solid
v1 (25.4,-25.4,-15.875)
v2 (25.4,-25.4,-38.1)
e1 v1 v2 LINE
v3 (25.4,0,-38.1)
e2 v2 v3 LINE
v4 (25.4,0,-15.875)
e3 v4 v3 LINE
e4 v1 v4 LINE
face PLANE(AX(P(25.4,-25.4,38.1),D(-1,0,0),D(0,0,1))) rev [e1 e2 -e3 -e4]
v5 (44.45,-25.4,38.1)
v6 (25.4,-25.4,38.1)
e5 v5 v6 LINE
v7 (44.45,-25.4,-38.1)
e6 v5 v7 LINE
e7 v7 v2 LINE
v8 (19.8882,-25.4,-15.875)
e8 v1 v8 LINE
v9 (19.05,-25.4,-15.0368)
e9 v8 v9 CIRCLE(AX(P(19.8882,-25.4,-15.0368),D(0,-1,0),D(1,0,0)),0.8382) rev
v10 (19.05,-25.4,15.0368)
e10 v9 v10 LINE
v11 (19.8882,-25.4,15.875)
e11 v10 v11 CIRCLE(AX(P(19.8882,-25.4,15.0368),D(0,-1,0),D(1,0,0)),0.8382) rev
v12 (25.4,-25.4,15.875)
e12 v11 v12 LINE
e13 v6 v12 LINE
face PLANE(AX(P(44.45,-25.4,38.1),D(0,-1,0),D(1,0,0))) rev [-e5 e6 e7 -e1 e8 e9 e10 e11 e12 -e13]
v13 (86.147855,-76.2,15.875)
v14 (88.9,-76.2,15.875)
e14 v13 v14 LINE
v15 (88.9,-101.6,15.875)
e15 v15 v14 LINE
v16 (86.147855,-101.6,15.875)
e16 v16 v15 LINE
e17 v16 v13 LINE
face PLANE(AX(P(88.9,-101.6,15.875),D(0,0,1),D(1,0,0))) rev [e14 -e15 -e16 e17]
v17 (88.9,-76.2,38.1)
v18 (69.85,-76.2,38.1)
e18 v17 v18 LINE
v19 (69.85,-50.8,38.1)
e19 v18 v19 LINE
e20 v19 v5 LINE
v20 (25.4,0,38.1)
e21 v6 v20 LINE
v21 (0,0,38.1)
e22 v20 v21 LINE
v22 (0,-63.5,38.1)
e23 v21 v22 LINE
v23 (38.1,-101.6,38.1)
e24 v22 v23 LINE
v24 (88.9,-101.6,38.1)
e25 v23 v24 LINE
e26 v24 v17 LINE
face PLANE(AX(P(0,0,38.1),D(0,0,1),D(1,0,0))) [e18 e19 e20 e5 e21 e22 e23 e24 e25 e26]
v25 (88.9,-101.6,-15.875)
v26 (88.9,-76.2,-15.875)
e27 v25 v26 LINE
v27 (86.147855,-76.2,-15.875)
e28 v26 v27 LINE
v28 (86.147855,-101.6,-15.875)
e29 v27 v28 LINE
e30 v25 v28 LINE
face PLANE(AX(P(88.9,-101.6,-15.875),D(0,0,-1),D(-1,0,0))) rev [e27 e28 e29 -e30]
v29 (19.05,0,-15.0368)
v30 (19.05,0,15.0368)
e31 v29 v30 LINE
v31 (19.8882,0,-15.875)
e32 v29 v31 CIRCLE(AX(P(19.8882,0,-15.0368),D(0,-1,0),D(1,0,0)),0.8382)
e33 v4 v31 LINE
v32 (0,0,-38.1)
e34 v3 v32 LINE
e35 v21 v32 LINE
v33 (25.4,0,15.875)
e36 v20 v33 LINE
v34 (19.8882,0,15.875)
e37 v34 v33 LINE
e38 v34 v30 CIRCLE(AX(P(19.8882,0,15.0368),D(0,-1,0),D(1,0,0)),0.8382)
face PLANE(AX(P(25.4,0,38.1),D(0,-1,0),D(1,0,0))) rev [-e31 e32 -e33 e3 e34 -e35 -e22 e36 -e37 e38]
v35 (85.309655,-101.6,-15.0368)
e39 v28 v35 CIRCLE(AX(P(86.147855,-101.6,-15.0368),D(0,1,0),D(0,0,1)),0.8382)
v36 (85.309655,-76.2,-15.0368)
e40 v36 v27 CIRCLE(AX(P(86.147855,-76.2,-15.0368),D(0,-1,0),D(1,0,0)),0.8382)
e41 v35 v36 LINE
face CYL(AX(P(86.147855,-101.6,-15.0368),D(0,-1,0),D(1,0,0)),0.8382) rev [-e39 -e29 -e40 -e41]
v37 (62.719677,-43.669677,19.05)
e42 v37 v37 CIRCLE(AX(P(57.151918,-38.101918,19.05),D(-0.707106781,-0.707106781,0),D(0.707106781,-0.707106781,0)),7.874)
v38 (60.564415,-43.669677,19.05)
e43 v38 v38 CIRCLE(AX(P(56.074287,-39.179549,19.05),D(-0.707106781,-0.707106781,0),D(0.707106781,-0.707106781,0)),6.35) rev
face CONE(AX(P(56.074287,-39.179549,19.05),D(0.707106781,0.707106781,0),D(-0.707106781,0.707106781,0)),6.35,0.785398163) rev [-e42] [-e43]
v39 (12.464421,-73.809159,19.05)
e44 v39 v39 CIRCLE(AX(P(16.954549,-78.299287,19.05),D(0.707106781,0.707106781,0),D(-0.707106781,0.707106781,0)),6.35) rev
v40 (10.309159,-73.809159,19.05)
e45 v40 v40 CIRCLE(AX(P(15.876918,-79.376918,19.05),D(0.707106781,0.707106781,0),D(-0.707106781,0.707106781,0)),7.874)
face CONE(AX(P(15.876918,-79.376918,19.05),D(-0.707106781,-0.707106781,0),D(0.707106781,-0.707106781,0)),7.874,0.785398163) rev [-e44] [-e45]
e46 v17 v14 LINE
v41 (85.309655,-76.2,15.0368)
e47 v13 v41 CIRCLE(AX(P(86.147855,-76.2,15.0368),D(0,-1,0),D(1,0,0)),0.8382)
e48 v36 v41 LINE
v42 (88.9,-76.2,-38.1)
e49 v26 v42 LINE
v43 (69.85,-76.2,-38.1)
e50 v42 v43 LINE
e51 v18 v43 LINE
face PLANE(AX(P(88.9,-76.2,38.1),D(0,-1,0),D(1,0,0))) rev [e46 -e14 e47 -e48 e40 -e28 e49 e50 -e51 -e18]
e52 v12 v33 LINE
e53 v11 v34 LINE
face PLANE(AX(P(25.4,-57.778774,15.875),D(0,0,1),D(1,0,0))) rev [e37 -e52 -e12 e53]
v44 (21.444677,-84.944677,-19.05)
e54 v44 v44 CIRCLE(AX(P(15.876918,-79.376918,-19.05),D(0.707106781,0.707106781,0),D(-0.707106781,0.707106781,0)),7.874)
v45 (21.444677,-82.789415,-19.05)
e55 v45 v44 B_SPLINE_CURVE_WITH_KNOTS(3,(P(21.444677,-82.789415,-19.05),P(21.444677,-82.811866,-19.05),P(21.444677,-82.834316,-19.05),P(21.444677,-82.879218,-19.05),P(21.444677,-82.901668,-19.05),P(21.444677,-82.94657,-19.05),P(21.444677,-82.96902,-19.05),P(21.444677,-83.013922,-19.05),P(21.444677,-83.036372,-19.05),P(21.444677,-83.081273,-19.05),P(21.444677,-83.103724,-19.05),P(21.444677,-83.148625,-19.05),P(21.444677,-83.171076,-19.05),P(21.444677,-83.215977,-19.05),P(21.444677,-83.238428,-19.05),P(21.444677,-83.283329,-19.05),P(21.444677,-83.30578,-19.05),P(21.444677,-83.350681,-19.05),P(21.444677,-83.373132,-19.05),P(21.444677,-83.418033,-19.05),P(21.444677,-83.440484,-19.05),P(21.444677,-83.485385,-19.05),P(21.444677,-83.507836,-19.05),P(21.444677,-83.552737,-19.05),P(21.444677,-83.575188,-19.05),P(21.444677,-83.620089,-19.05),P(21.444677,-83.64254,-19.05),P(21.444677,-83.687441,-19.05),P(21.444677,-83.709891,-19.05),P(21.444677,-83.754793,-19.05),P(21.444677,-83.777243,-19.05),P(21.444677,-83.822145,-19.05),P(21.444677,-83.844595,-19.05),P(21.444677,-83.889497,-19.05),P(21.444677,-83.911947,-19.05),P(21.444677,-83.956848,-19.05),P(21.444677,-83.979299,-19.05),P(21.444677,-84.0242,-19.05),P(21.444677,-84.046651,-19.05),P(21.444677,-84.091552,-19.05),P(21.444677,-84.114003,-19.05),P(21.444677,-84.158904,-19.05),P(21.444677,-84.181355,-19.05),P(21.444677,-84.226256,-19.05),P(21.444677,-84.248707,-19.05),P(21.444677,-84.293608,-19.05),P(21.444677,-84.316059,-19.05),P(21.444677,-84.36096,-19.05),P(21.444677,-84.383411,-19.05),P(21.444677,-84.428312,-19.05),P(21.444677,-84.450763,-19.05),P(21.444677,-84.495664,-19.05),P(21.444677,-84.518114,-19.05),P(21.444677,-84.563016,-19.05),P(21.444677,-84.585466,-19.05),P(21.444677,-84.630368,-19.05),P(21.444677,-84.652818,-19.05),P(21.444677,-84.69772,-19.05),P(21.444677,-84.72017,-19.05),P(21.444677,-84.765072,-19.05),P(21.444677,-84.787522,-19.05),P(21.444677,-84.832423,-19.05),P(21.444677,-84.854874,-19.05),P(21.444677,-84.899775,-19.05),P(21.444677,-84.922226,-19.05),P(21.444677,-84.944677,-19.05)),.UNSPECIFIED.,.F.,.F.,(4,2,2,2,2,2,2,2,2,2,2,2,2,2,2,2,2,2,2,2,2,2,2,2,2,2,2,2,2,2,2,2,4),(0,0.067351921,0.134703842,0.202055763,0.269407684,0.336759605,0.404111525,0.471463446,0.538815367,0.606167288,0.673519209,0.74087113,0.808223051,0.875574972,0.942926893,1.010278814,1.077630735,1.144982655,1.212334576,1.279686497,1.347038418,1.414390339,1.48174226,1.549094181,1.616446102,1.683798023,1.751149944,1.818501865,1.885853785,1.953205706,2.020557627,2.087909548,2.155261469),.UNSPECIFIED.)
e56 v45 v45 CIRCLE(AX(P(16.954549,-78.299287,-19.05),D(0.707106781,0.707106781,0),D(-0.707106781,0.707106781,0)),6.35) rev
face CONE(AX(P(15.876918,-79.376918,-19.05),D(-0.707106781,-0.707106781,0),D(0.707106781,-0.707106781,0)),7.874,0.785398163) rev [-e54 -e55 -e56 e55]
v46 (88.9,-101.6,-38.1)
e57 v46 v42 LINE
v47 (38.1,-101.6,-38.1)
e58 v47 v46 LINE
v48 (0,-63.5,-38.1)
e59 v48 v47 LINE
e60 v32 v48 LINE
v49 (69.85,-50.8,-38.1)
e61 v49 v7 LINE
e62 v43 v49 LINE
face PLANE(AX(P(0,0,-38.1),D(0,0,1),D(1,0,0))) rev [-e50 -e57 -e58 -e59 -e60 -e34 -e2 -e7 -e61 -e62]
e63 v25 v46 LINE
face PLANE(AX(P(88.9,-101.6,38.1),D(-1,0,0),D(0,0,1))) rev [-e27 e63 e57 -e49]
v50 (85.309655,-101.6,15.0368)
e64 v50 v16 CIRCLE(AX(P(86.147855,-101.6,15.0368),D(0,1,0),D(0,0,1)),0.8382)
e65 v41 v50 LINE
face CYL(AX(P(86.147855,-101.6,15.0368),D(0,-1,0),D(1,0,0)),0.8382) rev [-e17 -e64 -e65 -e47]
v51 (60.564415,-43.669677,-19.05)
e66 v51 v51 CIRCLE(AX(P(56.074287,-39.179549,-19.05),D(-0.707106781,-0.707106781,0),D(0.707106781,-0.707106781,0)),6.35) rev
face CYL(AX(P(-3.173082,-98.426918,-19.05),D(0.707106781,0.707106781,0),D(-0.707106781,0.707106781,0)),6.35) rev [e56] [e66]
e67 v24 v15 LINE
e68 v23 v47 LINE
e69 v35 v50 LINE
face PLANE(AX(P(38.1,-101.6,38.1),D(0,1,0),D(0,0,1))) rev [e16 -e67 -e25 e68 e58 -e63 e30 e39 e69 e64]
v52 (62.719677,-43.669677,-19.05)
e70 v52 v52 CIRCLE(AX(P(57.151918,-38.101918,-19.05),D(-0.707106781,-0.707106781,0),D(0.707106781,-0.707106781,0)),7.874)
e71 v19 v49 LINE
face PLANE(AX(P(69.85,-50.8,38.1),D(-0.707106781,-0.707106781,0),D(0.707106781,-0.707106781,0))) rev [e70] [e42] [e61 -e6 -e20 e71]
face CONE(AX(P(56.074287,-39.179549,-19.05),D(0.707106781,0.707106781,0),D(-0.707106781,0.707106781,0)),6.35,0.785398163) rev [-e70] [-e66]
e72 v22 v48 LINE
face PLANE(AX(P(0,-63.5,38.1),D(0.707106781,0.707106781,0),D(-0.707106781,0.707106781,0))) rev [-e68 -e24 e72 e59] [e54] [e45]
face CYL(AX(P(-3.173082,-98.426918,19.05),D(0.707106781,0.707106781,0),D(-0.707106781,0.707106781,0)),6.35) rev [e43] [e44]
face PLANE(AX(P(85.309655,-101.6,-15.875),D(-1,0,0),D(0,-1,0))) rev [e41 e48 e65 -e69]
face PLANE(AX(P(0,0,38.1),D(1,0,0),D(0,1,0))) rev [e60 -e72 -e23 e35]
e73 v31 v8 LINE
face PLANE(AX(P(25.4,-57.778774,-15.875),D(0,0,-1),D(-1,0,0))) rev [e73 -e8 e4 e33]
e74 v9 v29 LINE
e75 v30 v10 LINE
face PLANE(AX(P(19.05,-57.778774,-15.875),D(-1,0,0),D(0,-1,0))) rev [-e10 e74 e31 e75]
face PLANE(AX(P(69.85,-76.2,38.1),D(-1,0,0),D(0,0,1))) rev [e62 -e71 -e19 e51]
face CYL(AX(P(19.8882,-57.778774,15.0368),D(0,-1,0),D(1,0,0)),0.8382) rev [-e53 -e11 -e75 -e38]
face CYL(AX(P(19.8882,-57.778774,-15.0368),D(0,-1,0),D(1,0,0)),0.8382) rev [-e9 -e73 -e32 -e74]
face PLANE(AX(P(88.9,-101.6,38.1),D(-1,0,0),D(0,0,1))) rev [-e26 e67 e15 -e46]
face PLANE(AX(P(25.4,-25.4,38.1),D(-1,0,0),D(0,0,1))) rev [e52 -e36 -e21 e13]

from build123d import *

# Parameters (mm, degrees)
BOSS_EXTRUDE1_DEPTH = 38.1
SKETCH2_R           = 6.35
CUT_EXTRUDE1_DEPTH  = 142.777171117
CHAMFER1_SIZE       = 1.524
SKETCH3_W           = 6.35
SKETCH3_H           = 31.75
CUT_EXTRUDE2_DEPTH  = 25.4
SKETCH4_W           = 3.590345221
SKETCH4_H           = 31.75
CUT_EXTRUDE3_DEPTH  = 124.131068378
FILLET1_R           = 0.8382


with BuildPart() as part:
    # Sketch1 → Boss-Extrude1 (new, symmetric)
    with BuildSketch(Plane.XY):
        Polygon((0, 0), (0, -63.5), (38.1, -101.6), (88.9, -101.6), (88.9, -76.2), (69.85, -76.2), (69.85, -50.8), (44.45, -25.4), (25.4, -25.4), (25.4, 0), align=None)
    extrude(amount=BOSS_EXTRUDE1_DEPTH, both=True)

    # Sketch2 → Cut-Extrude1 (cut, through all)
    with BuildSketch(Plane(origin=(9.525, 9.525, 0), x_dir=(0, 0, -1), z_dir=(0.7071067811865488, 0.7071067811865464, 0))):
        with Locations(Location((-19.05, -67.35463315, 0), (0, 0, 90))):
            Circle(SKETCH2_R)
        with Locations(Location((19.05, -67.35463315, 0), (0, 0, 90))):
            Circle(SKETCH2_R)
    extrude(amount=-CUT_EXTRUDE1_DEPTH, mode=Mode.SUBTRACT)

    # Chamfer1
    chamfer1_edges = [part.edges().sort_by_distance(p)[0] for p in [
        (20.367045905, -83.867045905, 19.05),
        (61.642045905, -42.592045905, 19.05),
        (20.367045905, -83.867045905, -19.05),
        (61.642045905, -42.592045905, -19.05),
    ]]
    chamfer(chamfer1_edges, length=CHAMFER1_SIZE)

    # Sketch3 → Cut-Extrude2 (cut)
    with BuildSketch(Plane(origin=(0, 0, 0), x_dir=(1, 0, 0), z_dir=(0, 1, 0))):
        with Locations((22.225, 0)):
            Rectangle(SKETCH3_W, SKETCH3_H)
    extrude(amount=-CUT_EXTRUDE2_DEPTH, mode=Mode.SUBTRACT)

    # Sketch4 → Cut-Extrude3 (cut, through all)
    with BuildSketch(Plane(origin=(0, -76.2, 0), x_dir=(1, 0, 0), z_dir=(0, 1, 0))):
        with Locations((87.10482739, 0)):
            Rectangle(SKETCH4_W, SKETCH4_H)
    extrude(amount=-CUT_EXTRUDE3_DEPTH, mode=Mode.SUBTRACT)

    # Fillet1
    fillet1_edges = [part.edges().sort_by_distance(p)[0] for p in [
        (19.05, -12.7, -15.875),
        (19.05, -12.7, 15.875),
        (85.309654779, -88.9, 15.875),
        (85.309654779, -88.9, -15.875),
    ]]
    fillet(fillet1_edges, radius=FILLET1_R)


solid = part.part
